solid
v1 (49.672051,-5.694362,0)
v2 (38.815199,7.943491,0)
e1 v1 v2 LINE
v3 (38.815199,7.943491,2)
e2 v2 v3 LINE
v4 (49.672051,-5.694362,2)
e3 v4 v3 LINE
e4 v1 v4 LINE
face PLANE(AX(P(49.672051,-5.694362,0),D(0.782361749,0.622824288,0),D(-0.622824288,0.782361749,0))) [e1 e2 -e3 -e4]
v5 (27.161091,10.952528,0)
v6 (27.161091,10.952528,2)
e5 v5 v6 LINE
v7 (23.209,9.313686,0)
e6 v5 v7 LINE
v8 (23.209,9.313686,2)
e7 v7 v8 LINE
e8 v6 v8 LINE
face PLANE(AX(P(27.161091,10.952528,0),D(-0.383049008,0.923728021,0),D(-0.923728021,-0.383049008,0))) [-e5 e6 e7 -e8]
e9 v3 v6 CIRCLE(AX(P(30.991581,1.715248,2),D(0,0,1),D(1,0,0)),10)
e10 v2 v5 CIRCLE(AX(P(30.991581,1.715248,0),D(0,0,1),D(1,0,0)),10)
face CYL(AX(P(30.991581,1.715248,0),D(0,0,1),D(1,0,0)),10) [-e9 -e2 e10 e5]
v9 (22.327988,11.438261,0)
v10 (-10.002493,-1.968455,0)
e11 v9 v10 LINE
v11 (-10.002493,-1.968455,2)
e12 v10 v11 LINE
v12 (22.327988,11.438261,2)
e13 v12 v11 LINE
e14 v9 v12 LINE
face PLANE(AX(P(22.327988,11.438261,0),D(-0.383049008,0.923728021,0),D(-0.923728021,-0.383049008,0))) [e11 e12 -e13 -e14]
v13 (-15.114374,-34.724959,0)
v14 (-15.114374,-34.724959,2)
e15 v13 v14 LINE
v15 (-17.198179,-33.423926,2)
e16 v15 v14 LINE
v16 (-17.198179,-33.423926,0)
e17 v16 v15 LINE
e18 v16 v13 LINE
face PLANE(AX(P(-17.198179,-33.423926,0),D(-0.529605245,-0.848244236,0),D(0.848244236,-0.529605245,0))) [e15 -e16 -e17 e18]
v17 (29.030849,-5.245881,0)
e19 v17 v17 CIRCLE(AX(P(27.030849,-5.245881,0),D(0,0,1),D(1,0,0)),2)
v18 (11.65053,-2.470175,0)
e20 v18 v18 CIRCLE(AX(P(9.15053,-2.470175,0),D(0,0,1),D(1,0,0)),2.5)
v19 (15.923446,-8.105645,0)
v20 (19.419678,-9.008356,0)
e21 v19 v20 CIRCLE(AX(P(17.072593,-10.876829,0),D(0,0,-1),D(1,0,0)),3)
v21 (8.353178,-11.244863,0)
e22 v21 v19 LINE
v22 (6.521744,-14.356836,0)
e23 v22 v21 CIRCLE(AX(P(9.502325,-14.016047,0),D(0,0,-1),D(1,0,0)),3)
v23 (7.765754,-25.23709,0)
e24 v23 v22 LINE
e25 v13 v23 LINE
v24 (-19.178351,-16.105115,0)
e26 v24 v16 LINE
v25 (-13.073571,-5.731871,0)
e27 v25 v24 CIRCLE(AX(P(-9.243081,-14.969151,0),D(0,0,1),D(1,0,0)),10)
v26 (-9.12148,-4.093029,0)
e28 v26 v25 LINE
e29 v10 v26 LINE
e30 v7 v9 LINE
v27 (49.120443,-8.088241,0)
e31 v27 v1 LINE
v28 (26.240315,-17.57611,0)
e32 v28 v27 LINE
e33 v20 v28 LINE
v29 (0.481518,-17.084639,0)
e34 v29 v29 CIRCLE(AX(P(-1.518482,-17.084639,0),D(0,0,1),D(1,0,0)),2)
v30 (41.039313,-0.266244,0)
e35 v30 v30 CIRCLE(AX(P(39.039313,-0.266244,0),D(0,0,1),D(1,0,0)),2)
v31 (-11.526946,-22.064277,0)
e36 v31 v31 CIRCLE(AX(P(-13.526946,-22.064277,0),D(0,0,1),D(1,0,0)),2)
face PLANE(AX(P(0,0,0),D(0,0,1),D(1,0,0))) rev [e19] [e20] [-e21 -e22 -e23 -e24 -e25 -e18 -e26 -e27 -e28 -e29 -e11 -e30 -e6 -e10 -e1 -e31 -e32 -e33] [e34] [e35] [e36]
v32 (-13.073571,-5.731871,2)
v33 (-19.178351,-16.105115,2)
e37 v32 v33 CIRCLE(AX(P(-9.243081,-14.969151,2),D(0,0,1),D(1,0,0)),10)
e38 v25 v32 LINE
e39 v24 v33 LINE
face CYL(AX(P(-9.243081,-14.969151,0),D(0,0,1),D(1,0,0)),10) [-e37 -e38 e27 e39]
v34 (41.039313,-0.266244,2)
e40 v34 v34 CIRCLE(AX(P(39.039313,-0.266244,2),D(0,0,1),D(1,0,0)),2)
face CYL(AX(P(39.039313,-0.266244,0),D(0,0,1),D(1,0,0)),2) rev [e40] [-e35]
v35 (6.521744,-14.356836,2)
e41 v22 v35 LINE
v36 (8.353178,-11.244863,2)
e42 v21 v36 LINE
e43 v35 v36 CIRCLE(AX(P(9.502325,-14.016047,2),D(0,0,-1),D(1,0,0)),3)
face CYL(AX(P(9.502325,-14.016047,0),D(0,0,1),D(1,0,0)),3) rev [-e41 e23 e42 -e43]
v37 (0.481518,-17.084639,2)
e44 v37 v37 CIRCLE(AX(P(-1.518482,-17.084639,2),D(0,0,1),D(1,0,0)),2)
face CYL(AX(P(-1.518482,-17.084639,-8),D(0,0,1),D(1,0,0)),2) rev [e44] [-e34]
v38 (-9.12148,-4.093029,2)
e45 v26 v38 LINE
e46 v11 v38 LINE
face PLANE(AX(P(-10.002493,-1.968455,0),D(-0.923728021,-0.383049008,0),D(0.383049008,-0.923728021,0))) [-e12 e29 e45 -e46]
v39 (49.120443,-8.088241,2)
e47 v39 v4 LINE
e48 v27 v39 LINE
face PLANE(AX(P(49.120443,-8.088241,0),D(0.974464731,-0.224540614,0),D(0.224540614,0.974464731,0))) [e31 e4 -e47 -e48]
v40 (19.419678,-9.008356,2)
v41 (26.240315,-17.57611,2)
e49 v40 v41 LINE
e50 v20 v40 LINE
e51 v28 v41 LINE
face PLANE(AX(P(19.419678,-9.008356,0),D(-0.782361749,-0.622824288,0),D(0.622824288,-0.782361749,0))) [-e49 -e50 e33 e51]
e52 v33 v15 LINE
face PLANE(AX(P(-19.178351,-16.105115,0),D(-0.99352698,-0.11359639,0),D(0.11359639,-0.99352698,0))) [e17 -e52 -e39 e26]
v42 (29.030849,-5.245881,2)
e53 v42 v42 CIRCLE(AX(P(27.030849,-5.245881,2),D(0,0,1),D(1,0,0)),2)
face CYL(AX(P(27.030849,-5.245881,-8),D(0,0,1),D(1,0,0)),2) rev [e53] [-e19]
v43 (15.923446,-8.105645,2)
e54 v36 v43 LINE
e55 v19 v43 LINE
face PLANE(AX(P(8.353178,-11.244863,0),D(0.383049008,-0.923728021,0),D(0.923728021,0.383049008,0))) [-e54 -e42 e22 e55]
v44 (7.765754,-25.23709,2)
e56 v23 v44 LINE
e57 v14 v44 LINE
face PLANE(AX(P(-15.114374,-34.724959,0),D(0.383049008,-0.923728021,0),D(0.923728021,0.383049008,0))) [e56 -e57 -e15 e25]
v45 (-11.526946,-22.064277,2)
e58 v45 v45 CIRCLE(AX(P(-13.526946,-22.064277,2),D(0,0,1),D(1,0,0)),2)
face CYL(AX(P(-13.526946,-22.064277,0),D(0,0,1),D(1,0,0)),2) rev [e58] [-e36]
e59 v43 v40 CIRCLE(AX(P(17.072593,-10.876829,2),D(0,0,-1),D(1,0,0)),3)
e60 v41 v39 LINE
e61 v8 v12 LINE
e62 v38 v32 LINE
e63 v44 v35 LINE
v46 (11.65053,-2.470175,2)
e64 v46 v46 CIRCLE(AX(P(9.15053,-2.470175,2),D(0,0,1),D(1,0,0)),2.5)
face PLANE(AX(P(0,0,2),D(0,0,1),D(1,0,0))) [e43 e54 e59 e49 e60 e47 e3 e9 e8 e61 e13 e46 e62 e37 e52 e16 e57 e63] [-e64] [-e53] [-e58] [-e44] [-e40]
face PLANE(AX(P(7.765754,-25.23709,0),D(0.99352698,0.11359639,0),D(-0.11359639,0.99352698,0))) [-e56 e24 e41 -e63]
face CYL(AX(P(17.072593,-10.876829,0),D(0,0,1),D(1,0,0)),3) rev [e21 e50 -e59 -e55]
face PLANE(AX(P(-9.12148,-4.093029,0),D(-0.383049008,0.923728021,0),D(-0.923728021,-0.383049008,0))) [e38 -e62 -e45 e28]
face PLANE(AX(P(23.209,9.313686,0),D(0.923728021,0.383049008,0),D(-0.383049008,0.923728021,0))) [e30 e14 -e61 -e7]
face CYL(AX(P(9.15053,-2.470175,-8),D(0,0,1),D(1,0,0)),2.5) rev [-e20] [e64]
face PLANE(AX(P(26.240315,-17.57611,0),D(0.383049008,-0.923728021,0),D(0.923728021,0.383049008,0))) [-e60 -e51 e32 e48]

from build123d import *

# Parameters (mm, degrees)
SKETCH_1_W          = 178.1038796
SKETCH_1_H          = 112.631890056
EXTRUDE_1_DEPTH     = 2
SKETCH_2_OUTSIDE_W  = 222.252
SKETCH_2_OUTSIDE_H  = 156.78
CUT_EXTRUDE_1_DEPTH = 2
SKETCH_3_R          = 2
CUT_EXTRUDE_2_DEPTH = 2
SKETCH_4_R          = 2
CUT_EXTRUDE_3_DEPTH = 10
SKETCH_5_R          = 2.5
CUT_EXTRUDE_4_DEPTH = 10


with BuildPart() as part:
    # 草图1 → 凸台-拉伸1 (new body)
    with BuildSketch(Plane.XY):
        Rectangle(SKETCH_1_W, SKETCH_1_H)
    extrude(amount=EXTRUDE_1_DEPTH)

    # 草图2 outside → 切除-拉伸1 (cut)
    with BuildSketch(Plane.XY.offset(2)):
        Rectangle(SKETCH_2_OUTSIDE_W, SKETCH_2_OUTSIDE_H)
        with BuildLine():
            Line((19.419678114, -9.00835621), (26.240314518, -17.576109786))
            Line((26.240314518, -17.576109786), (49.120442624, -8.088240876))
            Line((49.120442624, -8.088240876), (49.672051155, -5.694361888))
            Line((49.672051155, -5.694361888), (38.815198664, 7.943491127))
            ThreePointArc((38.815198664, 7.943491127), (33.491549784, 11.397714714), (27.161091097, 10.952528456))
            Line((27.161091097, 10.952528456), (23.209000469, 9.31368633))
            Line((23.209000469, 9.31368633), (22.32798775, 11.438260779))
            Line((22.32798775, 11.438260779), (-10.002492997, -1.968454504))
            Line((-10.002492997, -1.968454504), (-9.121480278, -4.093028953))
            Line((-9.121480278, -4.093028953), (-13.073570906, -5.731871079))
            ThreePointArc((-13.073570906, -5.731871079), (-17.86138023, -9.897177774), (-19.178350627, -16.105115191))
            Line((-19.178350627, -16.105115191), (-17.198178577, -33.42392576))
            Line((-17.198178577, -33.42392576), (-15.114374014, -34.724958857))
            Line((-15.114374014, -34.724958857), (7.765754091, -25.237089947))
            Line((7.765754091, -25.237089947), (6.521744045, -14.356836213))
            ThreePointArc((6.521744045, -14.356836213), (6.916835164, -12.494454989), (8.353177961, -11.24486298))
            Line((8.353177961, -11.24486298), (15.923445844, -8.105645011))
            ThreePointArc((15.923445844, -8.105645011), (17.82258345, -7.972089134), (19.419678114, -9.00835621))
        make_face(mode=Mode.SUBTRACT)
    extrude(amount=-CUT_EXTRUDE_1_DEPTH, mode=Mode.SUBTRACT)

    # 草图3 → 切除-拉伸2 (cut)
    with BuildSketch(Plane.XY.offset(2)):
        with Locations((39.039313187, -0.266244108)):
            Circle(SKETCH_3_R)
        with Locations((-13.526945878, -22.064276566)):
            Circle(SKETCH_3_R)
    extrude(amount=-CUT_EXTRUDE_2_DEPTH, mode=Mode.SUBTRACT)

    # 草图4 → 切除-拉伸3 (cut)
    with BuildSketch(Plane.XY.offset(2)):
        with Locations((-1.5184816, -17.084639461)):
            Circle(SKETCH_4_R)
        with Locations((27.030848909, -5.245881212)):
            Circle(SKETCH_4_R)
    extrude(amount=-CUT_EXTRUDE_3_DEPTH, mode=Mode.SUBTRACT)

    # 草图5 → 切除-拉伸4 (cut)
    with BuildSketch(Plane.XY.offset(2)):
        with Locations((9.15052964, -2.470175429)):
            Circle(SKETCH_5_R)
    extrude(amount=-CUT_EXTRUDE_4_DEPTH, mode=Mode.SUBTRACT)


solid = part.part
